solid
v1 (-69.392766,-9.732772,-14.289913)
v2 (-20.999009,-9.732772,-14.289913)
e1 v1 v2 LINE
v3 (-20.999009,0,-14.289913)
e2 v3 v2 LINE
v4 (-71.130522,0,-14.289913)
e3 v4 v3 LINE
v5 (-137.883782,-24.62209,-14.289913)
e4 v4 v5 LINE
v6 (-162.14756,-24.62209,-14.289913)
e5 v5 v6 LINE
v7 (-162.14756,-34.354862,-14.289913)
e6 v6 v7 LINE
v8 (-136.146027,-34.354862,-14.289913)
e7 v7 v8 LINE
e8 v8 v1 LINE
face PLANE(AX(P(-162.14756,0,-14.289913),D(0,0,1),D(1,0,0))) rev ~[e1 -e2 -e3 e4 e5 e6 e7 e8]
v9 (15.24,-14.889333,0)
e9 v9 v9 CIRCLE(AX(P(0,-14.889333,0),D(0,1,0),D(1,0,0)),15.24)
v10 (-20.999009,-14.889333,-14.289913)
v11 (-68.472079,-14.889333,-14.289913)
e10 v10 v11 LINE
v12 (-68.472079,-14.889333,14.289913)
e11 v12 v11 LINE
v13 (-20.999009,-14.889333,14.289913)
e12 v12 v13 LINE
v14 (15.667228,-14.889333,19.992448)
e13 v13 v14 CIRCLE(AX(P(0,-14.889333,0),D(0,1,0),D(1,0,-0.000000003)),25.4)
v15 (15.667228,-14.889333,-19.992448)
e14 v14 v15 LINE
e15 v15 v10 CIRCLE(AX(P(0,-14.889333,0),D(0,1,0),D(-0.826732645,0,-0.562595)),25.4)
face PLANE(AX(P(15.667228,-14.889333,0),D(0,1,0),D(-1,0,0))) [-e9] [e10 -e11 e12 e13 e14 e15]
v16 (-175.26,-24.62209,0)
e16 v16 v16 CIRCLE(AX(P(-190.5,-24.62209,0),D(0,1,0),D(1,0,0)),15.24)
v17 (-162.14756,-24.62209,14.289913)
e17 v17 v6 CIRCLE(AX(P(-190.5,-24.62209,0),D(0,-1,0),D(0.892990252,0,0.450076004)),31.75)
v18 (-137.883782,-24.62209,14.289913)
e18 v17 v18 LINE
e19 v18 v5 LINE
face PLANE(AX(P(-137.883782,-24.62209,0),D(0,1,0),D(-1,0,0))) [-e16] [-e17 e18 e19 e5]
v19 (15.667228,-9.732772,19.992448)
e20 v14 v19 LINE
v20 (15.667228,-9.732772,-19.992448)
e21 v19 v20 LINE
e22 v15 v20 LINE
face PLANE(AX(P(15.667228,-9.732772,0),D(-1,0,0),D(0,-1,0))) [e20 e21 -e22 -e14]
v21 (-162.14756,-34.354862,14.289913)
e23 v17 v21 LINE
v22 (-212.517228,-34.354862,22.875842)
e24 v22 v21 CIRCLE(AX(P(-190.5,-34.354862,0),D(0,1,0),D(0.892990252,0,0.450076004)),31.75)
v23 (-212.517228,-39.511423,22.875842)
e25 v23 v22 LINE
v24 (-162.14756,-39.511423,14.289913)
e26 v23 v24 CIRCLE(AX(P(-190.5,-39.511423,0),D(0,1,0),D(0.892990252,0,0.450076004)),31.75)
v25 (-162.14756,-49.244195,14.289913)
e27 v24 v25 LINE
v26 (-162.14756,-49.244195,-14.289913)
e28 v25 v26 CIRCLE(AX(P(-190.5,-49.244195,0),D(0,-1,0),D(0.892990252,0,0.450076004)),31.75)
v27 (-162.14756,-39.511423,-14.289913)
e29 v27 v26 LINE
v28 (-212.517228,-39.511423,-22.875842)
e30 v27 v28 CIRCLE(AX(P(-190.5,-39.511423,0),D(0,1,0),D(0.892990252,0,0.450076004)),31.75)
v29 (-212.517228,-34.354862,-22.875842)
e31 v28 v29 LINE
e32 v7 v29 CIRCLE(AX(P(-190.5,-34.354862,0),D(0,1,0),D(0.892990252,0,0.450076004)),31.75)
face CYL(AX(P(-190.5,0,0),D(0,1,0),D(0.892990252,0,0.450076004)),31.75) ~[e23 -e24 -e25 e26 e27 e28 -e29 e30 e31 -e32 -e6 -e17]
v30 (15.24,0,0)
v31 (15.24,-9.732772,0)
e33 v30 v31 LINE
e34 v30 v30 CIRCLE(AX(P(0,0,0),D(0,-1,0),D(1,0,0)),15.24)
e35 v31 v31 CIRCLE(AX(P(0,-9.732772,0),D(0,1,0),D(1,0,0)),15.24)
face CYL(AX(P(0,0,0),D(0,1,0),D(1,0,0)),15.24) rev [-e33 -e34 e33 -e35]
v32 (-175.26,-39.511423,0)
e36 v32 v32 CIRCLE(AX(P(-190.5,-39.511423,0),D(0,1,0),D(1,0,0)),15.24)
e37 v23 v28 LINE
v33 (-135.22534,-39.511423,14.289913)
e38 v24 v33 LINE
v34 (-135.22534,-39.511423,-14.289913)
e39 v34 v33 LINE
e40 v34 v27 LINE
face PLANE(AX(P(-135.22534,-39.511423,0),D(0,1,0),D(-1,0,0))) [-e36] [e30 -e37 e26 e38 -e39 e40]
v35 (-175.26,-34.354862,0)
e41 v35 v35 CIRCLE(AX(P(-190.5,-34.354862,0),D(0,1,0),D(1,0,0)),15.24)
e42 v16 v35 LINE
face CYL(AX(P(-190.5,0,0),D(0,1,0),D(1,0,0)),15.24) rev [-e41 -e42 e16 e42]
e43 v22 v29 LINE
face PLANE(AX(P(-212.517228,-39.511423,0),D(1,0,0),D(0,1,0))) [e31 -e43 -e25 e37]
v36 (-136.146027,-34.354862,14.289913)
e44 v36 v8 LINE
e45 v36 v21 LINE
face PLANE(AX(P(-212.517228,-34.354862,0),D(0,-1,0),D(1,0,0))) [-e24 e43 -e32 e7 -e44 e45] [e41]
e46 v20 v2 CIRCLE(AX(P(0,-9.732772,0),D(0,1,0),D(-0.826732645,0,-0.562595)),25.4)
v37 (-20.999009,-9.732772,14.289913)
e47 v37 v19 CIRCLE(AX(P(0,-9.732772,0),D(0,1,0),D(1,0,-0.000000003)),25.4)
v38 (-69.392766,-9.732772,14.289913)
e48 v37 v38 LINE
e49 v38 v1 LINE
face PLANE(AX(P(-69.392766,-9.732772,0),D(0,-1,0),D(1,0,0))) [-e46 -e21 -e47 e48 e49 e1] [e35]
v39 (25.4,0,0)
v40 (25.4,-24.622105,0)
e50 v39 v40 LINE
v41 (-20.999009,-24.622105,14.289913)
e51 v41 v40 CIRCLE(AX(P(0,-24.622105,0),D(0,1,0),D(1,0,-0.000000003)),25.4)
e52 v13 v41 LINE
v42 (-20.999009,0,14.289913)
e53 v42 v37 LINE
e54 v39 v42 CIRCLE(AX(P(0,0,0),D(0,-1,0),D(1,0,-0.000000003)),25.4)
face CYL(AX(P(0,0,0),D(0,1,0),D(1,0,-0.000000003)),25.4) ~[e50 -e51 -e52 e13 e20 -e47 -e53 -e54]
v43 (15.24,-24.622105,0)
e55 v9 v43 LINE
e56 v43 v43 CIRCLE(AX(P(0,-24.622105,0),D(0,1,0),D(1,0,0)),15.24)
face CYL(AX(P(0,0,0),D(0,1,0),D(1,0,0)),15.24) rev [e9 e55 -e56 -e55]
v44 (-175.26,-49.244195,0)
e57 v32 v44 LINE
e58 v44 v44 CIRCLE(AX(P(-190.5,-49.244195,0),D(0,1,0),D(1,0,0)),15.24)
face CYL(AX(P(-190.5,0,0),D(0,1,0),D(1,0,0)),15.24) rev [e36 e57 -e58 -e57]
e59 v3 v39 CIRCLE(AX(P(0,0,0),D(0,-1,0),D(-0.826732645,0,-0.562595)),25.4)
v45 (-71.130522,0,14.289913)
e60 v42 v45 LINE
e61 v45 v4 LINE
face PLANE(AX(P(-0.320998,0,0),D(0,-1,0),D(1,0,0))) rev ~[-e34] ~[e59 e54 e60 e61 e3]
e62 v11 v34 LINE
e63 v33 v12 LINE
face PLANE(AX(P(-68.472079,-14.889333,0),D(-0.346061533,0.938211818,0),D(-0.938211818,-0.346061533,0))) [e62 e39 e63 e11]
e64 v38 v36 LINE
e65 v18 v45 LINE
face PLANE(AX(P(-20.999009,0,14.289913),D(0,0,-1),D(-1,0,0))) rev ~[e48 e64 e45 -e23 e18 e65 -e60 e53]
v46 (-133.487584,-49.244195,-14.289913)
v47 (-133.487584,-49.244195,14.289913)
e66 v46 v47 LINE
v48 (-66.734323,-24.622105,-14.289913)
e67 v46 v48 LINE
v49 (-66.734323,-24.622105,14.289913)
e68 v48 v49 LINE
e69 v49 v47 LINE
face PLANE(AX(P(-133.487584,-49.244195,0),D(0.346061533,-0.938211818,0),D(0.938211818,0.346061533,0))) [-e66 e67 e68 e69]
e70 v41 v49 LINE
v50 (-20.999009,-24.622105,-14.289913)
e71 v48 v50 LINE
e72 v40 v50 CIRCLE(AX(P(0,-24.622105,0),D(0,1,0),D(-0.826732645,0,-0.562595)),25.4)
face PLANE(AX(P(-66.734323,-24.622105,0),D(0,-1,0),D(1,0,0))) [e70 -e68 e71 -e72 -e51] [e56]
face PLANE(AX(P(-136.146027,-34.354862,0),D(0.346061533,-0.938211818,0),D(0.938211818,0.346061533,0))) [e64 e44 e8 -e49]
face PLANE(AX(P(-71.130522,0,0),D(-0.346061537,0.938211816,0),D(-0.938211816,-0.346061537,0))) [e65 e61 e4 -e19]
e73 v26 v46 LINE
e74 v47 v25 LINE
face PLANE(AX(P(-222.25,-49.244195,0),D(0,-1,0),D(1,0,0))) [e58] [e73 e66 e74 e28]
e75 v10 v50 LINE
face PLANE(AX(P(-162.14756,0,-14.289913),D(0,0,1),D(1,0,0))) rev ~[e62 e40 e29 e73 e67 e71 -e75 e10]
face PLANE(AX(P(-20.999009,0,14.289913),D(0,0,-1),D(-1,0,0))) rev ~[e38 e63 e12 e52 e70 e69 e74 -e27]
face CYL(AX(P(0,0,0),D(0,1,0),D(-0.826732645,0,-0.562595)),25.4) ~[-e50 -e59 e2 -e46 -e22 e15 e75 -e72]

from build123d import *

# Parameters (mm, degrees)
F0_R     = 15.24
F1_DEPTH = 63.5
F3_DEPTH = 31.75


with BuildPart() as f1:
    # F0 (on Front) → F1 (new body)
    with BuildSketch(Plane.XZ):
        with BuildLine():
            ThreePointArc((-20.999009, -14.289913), (7.476134, -24.274831), (25.4, 0))
            ThreePointArc((25.4, 0), (7.476134, 24.274831), (-20.999009, 14.289913))
            ThreePointArc((-20.999009, 14.289913), (-25.4, 0), (-20.999009, -14.289913))
        make_face()
        Circle(F0_R, mode=Mode.SUBTRACT)
        with BuildLine():
            ThreePointArc((-20.999009, -14.289913), (-25.4, 0), (-20.999009, 14.289913))
            Line((-20.999009, 14.289913), (-162.14756, 14.289913))
            ThreePointArc((-162.14756, 14.289913), (-159.611066, 7.344131), (-158.75, 0))
            ThreePointArc((-158.75, 0), (-159.611066, -7.344131), (-162.14756, -14.289913))
            Line((-162.14756, -14.289913), (-20.999009, -14.289913))
        make_face()
        with BuildLine():
            ThreePointArc((-158.75, 0), (-159.611066, 7.344131), (-162.14756, 14.289913))
            ThreePointArc((-162.14756, 14.289913), (-222.25, 0), (-162.14756, -14.289913))
            ThreePointArc((-162.14756, -14.289913), (-159.611066, -7.344131), (-158.75, 0))
        make_face()
        with Locations((-190.5, 0)):
            Circle(F0_R, mode=Mode.SUBTRACT)
    extrude(amount=F1_DEPTH)

    # F2 (on Top) → F3 (intersect, symmetric)
    with BuildSketch(Plane.XY):
        Polygon((-137.883782, -24.62209), (-222.25, -24.62209), (-222.25, -49.244195), (-133.487584, -49.244195), (-66.734323, -24.622105), (25.4, -24.622105), (25.4, 0), (-71.130522, 0), align=None)
        Polygon((-135.22534, -39.511423), (-212.517228, -39.511423), (-212.517228, -34.354862), (-136.146027, -34.354862), (-69.392766, -9.732772), (15.667228, -9.732772), (15.667228, -14.889333), (-68.472079, -14.889333), align=None, mode=Mode.SUBTRACT)
    extrude(amount=F3_DEPTH, both=True, mode=Mode.INTERSECT)


solid = f1.part
